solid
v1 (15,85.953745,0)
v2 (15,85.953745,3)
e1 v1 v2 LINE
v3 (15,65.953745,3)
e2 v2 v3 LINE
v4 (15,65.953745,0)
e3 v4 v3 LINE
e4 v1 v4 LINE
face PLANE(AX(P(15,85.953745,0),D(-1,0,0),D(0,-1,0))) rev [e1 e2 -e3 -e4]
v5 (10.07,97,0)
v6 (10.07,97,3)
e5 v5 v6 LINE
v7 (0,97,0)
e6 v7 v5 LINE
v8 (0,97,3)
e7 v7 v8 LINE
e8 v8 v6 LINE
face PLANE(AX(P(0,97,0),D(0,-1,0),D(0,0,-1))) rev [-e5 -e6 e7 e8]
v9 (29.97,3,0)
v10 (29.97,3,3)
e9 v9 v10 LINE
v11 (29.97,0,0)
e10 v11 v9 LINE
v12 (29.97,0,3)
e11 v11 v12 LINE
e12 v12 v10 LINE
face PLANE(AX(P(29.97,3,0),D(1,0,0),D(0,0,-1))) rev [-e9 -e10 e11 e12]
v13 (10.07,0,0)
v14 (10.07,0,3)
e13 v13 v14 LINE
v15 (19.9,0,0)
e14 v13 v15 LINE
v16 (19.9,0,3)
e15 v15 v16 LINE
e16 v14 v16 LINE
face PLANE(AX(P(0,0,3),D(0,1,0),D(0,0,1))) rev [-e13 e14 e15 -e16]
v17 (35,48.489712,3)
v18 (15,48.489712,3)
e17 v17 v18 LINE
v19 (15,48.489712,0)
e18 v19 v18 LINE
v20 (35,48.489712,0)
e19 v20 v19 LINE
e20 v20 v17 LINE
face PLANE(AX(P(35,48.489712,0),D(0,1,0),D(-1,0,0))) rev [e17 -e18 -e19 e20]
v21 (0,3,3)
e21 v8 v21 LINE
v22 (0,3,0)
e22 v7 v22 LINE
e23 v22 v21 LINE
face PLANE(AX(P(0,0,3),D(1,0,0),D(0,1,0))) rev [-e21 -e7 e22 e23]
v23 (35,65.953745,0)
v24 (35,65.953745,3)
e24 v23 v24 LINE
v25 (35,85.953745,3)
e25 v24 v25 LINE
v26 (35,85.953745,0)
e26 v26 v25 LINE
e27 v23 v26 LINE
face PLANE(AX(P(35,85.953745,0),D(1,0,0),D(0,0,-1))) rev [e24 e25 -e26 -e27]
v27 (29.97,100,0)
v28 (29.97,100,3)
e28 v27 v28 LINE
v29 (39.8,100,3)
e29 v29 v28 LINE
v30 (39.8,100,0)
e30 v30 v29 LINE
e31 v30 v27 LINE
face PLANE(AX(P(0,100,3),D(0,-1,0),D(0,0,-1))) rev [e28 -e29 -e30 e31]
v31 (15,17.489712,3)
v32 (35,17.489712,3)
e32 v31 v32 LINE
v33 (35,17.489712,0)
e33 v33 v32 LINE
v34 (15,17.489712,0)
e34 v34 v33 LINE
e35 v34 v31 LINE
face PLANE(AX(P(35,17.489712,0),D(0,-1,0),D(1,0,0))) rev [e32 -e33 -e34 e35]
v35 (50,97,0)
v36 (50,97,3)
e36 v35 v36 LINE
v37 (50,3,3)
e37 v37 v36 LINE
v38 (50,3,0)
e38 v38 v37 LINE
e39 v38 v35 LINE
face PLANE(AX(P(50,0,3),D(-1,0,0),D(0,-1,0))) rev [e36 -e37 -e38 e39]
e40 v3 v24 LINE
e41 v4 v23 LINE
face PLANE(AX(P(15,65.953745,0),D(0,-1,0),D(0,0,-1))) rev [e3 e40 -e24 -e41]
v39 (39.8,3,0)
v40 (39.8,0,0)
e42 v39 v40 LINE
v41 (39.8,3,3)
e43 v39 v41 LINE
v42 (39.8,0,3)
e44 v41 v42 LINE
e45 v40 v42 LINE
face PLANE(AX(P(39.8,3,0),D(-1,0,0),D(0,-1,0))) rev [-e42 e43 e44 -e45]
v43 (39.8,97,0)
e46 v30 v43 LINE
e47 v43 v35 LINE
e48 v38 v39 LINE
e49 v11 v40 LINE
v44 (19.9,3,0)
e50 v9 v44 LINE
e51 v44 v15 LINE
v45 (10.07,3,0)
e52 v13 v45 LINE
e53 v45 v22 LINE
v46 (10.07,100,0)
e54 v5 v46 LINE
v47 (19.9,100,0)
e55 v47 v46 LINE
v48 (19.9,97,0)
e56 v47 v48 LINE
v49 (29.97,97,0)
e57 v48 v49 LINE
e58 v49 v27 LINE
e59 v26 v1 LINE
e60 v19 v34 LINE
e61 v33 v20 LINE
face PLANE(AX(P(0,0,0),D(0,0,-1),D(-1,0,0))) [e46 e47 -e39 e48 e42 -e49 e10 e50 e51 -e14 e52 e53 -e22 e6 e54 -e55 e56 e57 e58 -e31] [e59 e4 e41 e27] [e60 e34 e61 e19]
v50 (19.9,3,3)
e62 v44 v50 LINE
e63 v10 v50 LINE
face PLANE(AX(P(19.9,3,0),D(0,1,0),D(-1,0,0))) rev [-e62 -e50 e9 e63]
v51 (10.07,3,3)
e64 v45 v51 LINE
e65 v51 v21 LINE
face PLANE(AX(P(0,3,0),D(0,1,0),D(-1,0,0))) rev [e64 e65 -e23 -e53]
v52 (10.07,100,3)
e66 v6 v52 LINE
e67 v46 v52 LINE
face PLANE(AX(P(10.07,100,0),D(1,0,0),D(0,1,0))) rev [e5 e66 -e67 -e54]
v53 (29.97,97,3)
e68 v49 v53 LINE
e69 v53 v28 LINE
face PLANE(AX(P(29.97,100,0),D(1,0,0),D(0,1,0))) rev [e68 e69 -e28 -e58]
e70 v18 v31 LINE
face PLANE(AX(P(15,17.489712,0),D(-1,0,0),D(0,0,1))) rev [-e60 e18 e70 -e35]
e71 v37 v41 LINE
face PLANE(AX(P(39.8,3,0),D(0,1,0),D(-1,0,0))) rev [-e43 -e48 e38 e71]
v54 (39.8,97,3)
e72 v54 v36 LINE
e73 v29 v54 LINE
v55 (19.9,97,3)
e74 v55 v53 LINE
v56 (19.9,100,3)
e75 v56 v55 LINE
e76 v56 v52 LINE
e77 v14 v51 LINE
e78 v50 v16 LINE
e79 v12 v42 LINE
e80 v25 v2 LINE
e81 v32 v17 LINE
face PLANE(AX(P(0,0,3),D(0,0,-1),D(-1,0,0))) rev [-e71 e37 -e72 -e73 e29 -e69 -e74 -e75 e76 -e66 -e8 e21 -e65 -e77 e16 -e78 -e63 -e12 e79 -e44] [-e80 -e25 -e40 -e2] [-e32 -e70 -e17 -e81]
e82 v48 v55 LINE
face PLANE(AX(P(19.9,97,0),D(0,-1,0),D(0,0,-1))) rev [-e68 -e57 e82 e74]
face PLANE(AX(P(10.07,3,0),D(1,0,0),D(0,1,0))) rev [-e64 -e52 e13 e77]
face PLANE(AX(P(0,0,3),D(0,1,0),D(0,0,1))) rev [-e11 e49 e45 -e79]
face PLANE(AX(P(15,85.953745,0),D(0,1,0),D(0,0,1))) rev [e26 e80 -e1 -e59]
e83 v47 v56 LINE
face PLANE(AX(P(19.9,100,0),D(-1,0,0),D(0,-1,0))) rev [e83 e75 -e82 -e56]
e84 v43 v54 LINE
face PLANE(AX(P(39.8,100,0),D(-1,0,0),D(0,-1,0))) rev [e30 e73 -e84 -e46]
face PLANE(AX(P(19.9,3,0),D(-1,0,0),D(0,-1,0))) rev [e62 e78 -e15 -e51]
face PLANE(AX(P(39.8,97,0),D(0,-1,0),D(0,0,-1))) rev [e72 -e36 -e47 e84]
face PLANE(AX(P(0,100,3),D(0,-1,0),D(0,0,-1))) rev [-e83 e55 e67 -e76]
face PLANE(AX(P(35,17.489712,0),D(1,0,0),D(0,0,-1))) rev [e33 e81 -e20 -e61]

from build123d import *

# Parameters (mm, degrees)
ESQUISSE1_W             = 50
ESQUISSE1_H             = 100
BOSS_EXTRU_1_DEPTH      = 3
ESQUISSE3_W             = 20
ESQUISSE3_H             = 20
ESQUISSE3_H_2           = 31
ENL_V_MAT_EXTRU_2_DEPTH = 3
ESQUISSE5_W             = 10.07
ESQUISSE5_H             = 3
ENL_V_MAT_EXTRU_3_DEPTH = 3
ESQUISSE6_W             = 0.13
ESQUISSE6_H             = 3
ENL_V_MAT_EXTRU_4_DEPTH = 3


with BuildPart() as part:
    # Esquisse1 → Boss.-Extru.1 (new body)
    with BuildSketch(Plane.XY):
        with Locations((25, 50)):
            Rectangle(ESQUISSE1_W, ESQUISSE1_H)
    extrude(amount=BOSS_EXTRU_1_DEPTH)

    # Esquisse3 → Enlèv. mat.-Extru.2 (cut)
    with BuildSketch(Plane.XY.offset(3)):
        with Locations((25, 75.953744756)):
            Rectangle(ESQUISSE3_W, ESQUISSE3_H)
        with Locations((25, 32.989712488)):
            Rectangle(ESQUISSE3_W, ESQUISSE3_H_2)
    extrude(amount=-ENL_V_MAT_EXTRU_2_DEPTH, mode=Mode.SUBTRACT)

    # Esquisse5 → Enlèv. mat.-Extru.3 (cut)
    with BuildSketch(Plane.XY.offset(3)):
        with Locations((24.935, 98.5)):
            Rectangle(ESQUISSE5_W, ESQUISSE5_H)
        with Locations((5.035, 98.5)):
            Rectangle(ESQUISSE5_W, ESQUISSE5_H)
        with Locations((44.835, 98.5)):
            Rectangle(ESQUISSE5_W, ESQUISSE5_H)
        with Locations((24.935, 1.5)):
            Rectangle(ESQUISSE5_W, ESQUISSE5_H)
        with Locations((44.835, 1.5)):
            Rectangle(ESQUISSE5_W, ESQUISSE5_H)
        with Locations((5.035, 1.5)):
            Rectangle(ESQUISSE5_W, ESQUISSE5_H)
    extrude(amount=-ENL_V_MAT_EXTRU_3_DEPTH, mode=Mode.SUBTRACT)

    # Esquisse6 → Enlèv. mat.-Extru.4 (cut)
    with BuildSketch(Plane.XY.offset(3)):
        with Locations((49.935, 98.5)):
            Rectangle(ESQUISSE6_W, ESQUISSE6_H)
        with Locations((49.935, 1.5)):
            Rectangle(ESQUISSE6_W, ESQUISSE6_H)
    extrude(amount=-ENL_V_MAT_EXTRU_4_DEPTH, mode=Mode.SUBTRACT)


solid = part.part
